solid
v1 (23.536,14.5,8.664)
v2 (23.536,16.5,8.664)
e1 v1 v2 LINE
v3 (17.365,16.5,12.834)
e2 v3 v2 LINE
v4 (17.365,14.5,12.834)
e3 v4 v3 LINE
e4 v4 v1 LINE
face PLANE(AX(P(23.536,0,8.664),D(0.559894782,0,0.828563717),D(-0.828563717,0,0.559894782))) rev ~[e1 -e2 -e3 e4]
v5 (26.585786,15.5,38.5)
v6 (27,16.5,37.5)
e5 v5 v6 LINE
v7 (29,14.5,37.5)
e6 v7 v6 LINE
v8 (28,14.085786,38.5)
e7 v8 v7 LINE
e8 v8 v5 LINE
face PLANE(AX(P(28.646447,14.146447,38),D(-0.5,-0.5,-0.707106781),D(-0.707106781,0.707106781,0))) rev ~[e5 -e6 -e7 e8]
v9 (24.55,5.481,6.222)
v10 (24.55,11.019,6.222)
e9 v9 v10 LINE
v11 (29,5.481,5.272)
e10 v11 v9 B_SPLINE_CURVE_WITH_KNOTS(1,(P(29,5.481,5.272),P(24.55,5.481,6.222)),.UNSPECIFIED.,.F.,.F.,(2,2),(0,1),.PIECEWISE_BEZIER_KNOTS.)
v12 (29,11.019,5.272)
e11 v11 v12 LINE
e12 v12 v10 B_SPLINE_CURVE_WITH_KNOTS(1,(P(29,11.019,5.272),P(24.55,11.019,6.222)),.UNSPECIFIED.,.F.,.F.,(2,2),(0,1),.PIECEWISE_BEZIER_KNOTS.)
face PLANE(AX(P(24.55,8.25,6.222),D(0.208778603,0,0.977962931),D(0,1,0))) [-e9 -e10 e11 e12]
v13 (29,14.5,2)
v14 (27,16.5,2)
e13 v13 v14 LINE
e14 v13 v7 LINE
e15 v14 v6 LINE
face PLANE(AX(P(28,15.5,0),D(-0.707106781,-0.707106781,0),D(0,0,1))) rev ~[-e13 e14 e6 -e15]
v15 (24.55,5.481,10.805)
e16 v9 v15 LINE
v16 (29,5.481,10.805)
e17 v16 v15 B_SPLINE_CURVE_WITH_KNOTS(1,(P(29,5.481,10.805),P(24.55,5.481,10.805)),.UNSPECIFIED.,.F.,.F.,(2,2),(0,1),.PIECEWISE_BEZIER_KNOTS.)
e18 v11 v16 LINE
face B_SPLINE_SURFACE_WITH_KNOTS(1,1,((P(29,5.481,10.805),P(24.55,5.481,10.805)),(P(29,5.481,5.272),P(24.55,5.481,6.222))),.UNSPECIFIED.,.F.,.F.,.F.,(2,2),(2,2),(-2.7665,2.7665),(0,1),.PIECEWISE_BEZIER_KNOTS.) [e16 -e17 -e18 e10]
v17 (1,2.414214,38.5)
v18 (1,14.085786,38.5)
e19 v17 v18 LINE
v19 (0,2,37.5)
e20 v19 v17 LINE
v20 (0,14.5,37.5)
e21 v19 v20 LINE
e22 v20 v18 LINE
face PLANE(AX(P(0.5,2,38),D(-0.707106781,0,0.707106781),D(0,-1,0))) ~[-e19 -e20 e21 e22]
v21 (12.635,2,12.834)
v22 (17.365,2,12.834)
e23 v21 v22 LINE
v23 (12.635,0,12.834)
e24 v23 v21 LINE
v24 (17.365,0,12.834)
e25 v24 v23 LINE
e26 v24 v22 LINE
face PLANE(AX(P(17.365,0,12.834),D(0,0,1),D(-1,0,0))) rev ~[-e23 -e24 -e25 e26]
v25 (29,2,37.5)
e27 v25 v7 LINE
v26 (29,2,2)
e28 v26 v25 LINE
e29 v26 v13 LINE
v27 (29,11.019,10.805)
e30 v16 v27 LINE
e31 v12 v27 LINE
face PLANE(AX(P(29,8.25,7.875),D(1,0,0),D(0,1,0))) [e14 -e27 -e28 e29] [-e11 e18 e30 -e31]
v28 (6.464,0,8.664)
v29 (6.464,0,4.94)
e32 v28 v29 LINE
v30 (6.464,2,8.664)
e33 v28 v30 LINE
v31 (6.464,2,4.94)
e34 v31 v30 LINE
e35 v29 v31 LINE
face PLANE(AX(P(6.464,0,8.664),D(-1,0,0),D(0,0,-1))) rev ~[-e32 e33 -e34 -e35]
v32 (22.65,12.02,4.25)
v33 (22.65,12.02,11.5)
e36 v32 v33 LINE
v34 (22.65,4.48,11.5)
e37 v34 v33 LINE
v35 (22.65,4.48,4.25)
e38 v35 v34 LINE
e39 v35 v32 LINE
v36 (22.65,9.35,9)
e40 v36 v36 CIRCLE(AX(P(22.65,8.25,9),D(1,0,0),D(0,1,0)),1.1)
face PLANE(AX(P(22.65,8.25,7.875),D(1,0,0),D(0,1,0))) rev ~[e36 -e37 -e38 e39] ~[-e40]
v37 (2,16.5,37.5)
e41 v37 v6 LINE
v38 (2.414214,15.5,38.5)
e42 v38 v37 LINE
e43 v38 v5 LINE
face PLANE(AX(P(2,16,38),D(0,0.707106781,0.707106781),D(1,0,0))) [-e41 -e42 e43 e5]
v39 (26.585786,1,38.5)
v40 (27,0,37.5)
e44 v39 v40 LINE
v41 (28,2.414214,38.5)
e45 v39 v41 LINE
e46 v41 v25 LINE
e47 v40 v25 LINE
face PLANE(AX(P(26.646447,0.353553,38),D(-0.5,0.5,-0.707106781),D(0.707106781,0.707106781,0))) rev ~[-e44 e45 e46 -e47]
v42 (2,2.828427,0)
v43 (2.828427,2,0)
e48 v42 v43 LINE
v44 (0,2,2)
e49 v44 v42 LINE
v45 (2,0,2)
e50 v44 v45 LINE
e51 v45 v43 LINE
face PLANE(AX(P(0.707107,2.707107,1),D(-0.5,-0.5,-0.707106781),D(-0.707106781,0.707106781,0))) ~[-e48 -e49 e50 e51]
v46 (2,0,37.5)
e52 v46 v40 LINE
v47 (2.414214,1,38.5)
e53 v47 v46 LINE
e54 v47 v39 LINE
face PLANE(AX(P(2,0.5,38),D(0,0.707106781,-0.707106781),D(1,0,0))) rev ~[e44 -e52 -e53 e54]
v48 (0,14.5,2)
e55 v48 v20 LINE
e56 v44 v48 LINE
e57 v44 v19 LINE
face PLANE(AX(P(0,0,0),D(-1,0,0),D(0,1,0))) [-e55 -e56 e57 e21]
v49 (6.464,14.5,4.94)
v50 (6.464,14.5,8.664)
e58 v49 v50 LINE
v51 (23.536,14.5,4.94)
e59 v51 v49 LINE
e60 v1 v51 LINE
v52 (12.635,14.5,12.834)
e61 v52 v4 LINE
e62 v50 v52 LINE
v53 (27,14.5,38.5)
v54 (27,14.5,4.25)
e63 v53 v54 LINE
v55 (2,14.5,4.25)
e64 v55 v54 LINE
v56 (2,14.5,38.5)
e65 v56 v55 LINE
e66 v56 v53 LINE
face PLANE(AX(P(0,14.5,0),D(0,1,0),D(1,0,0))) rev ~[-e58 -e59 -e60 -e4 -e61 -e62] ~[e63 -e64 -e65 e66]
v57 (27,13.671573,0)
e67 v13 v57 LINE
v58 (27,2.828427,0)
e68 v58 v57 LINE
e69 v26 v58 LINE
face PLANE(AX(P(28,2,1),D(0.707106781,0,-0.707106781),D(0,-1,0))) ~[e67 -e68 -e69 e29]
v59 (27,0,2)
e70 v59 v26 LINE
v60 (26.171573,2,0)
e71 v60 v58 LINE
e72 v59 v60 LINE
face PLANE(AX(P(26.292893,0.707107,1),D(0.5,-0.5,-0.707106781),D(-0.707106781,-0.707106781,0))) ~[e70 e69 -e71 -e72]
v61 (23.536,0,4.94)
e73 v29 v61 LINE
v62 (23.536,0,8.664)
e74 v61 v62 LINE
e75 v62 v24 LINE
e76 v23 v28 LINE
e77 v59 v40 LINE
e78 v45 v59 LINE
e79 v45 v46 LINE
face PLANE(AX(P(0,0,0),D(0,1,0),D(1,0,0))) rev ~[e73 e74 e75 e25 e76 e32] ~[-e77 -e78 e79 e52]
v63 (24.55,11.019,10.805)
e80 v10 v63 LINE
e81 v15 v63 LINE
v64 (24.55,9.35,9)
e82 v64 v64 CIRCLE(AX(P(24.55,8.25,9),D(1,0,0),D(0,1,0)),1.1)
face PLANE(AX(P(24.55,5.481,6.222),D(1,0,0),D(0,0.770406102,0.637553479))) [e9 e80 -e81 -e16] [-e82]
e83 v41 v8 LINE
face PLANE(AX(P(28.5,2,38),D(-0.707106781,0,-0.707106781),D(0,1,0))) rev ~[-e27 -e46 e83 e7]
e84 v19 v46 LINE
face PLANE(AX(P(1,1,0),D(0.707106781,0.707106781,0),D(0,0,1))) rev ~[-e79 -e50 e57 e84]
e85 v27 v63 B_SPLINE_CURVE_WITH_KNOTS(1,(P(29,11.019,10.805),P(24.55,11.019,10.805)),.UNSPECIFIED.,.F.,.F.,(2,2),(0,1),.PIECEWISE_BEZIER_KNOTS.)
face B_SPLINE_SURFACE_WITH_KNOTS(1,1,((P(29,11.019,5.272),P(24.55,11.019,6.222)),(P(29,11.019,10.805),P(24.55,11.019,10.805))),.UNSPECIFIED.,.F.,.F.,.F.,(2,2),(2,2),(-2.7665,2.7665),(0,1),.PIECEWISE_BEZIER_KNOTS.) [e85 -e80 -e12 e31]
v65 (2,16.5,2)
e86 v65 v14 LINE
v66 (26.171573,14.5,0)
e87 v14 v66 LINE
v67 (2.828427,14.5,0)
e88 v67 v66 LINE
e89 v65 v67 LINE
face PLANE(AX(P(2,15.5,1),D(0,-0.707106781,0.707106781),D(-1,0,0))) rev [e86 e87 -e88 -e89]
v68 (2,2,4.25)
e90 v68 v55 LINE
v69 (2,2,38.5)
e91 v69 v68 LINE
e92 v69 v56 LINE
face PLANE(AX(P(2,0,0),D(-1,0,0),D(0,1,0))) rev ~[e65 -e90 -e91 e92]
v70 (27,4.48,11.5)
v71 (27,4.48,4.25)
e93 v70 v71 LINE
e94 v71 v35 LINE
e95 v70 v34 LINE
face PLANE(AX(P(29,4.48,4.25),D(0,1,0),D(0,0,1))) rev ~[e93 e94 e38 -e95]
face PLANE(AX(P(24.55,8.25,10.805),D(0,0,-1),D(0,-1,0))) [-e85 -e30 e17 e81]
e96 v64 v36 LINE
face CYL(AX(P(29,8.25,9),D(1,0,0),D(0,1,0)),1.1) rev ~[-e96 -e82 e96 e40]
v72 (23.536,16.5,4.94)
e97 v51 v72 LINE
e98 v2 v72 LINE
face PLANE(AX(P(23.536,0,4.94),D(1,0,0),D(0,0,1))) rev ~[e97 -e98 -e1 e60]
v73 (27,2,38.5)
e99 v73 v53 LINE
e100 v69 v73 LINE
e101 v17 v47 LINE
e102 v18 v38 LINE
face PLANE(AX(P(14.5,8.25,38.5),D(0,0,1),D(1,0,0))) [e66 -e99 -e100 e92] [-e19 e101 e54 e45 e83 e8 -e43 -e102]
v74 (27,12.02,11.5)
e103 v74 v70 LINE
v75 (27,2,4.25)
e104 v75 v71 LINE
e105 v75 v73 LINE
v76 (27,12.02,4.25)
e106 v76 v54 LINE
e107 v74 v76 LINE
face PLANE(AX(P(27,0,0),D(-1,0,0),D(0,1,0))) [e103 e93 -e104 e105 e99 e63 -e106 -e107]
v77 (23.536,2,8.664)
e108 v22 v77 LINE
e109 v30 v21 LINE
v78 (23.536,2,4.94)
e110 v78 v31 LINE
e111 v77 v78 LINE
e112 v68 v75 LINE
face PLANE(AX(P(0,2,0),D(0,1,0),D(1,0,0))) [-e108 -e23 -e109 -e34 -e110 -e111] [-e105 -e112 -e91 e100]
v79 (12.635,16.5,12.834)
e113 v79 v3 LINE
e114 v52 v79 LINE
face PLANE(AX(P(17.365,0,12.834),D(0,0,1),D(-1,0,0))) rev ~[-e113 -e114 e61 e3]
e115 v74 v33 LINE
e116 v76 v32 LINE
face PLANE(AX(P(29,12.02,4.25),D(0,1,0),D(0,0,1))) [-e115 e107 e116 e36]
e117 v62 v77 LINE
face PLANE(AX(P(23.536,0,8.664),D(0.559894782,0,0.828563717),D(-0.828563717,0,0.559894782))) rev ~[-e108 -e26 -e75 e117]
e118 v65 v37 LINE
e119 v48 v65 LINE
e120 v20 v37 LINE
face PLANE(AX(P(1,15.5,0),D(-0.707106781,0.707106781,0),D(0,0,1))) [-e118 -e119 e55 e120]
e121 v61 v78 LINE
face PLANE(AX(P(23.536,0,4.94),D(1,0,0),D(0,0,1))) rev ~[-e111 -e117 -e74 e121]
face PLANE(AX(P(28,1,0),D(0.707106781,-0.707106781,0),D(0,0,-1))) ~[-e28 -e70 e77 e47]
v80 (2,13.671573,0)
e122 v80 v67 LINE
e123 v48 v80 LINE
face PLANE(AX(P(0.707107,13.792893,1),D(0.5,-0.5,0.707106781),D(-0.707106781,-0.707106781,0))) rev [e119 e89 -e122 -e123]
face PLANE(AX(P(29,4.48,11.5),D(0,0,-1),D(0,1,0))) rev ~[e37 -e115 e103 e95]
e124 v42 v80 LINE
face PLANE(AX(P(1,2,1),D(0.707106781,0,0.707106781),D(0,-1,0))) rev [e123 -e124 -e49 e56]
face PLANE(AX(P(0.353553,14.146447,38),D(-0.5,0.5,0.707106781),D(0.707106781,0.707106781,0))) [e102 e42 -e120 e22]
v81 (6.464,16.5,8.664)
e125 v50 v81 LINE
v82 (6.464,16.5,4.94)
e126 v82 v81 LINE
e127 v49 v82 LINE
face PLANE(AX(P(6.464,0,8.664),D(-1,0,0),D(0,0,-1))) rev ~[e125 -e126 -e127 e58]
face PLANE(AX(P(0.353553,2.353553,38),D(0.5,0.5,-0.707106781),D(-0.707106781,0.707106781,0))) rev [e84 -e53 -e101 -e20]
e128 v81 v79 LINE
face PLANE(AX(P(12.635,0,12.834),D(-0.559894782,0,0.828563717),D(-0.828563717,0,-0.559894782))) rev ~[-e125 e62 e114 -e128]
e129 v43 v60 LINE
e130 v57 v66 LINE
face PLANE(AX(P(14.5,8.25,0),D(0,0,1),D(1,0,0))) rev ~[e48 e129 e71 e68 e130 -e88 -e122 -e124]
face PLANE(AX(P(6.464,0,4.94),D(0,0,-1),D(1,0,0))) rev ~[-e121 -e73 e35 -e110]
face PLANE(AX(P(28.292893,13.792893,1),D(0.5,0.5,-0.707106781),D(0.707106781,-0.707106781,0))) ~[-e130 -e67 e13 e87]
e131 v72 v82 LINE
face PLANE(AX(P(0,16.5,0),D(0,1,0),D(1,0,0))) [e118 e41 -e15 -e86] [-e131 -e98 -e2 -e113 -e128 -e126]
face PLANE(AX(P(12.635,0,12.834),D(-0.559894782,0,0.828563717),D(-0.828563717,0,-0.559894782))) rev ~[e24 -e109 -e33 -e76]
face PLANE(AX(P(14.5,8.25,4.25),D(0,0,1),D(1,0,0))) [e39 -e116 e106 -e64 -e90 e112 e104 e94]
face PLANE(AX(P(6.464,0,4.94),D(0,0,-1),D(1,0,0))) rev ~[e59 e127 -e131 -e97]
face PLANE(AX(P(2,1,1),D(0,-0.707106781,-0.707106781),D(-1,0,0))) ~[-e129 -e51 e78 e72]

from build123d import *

# Parameters (mm, degrees)
F0_W      = 29
F0_H      = 16.5
F1_DEPTH  = 38.5
F2_T      = -2
F3_DEPTH  = 2.25
F4_SIZE   = 2
F5_SIZE   = 2
F6_SIZE   = 1
F8_DEPTH  = 16.501
F9_W      = 7.54
F9_H      = 7.25
F9_R      = 1.1
F10_DEPTH = 6.35
F11_W     = 5.538
F11_H     = 5.533
F13_W     = 5.538
F13_H     = 4.583


with BuildPart() as f1:
    # F0 (on Top) → F1 (new body)
    with BuildSketch(Plane.XY):
        with Locations((14.5, 8.25)):
            Rectangle(F0_W, F0_H)
    extrude(amount=F1_DEPTH)

    # F2
    f2_openings = [f1.faces().sort_by_distance(p)[0] for p in [
        (14.5, 8.25, 38.5),
    ]]
    offset(amount=F2_T, openings=f2_openings)

    # F3 (add): a face of the model
    f3_faces = [f1.faces().sort_by_distance(p)[0] for p in [
        (14.5, 8.25, 2),
    ]]
    extrude(f3_faces, amount=F3_DEPTH)

    # F4
    f4_edges = [f1.edges().sort_by_distance(p)[0] for p in [
        (29, 0, 19.25),
        (29, 16.5, 19.25),
        (0, 0, 19.25),
        (0, 16.5, 19.25),
    ]]
    chamfer(f4_edges, length=F4_SIZE)

    # F5
    f5_edges = [f1.edges().sort_by_distance(p)[0] for p in [
        (0, 8.25, 0),
        (1, 15.5, 0),
        (1, 1, 0),
        (14.5, 16.5, 0),
        (14.5, 0, 0),
        (28, 15.5, 0),
        (28, 1, 0),
        (29, 8.25, 0),
    ]]
    chamfer(f5_edges, length=F5_SIZE)

    # F6
    f6_edges = [f1.edges().sort_by_distance(p)[0] for p in [
        (0, 8.25, 38.5),
        (14.5, 0, 38.5),
        (14.5, 16.5, 38.5),
        (29, 8.25, 38.5),
        (1, 1, 38.5),
        (28, 15.5, 38.5),
        (1, 15.5, 38.5),
        (28, 1, 38.5),
    ]]
    chamfer(f6_edges, length=F6_SIZE)

    # F7 (on face) → F8 (cut, through all)
    with BuildSketch(Plane.XZ):
        Polygon((17.365, 12.834), (12.635, 12.834), (6.464, 8.664), (6.464, 4.94), (23.536, 4.94), (23.536, 8.664), align=None)
    extrude(amount=-F8_DEPTH, mode=Mode.SUBTRACT)

    # F9 (on face) → F10 (join)
    with BuildSketch(Plane.YZ.offset(29)):
        with Locations((8.25, 7.875)):
            Rectangle(F9_W, F9_H)
        with Locations((8.25, 9)):
            Circle(F9_R, mode=Mode.SUBTRACT)
    extrude(amount=-F10_DEPTH)

    # F11 (on face) → F14 section 0
    with BuildSketch(Plane.YZ.offset(29)):
        with Locations((8.25, 8.0385)):
            Rectangle(F11_W, F11_H)
    # F13 (on offset) → F14 section 1
    with BuildSketch(Plane.YZ.offset(24.55)):
        with Locations((8.25, 8.5135)):
            Rectangle(F13_W, F13_H)
    loft(mode=Mode.SUBTRACT)


solid = f1.part
